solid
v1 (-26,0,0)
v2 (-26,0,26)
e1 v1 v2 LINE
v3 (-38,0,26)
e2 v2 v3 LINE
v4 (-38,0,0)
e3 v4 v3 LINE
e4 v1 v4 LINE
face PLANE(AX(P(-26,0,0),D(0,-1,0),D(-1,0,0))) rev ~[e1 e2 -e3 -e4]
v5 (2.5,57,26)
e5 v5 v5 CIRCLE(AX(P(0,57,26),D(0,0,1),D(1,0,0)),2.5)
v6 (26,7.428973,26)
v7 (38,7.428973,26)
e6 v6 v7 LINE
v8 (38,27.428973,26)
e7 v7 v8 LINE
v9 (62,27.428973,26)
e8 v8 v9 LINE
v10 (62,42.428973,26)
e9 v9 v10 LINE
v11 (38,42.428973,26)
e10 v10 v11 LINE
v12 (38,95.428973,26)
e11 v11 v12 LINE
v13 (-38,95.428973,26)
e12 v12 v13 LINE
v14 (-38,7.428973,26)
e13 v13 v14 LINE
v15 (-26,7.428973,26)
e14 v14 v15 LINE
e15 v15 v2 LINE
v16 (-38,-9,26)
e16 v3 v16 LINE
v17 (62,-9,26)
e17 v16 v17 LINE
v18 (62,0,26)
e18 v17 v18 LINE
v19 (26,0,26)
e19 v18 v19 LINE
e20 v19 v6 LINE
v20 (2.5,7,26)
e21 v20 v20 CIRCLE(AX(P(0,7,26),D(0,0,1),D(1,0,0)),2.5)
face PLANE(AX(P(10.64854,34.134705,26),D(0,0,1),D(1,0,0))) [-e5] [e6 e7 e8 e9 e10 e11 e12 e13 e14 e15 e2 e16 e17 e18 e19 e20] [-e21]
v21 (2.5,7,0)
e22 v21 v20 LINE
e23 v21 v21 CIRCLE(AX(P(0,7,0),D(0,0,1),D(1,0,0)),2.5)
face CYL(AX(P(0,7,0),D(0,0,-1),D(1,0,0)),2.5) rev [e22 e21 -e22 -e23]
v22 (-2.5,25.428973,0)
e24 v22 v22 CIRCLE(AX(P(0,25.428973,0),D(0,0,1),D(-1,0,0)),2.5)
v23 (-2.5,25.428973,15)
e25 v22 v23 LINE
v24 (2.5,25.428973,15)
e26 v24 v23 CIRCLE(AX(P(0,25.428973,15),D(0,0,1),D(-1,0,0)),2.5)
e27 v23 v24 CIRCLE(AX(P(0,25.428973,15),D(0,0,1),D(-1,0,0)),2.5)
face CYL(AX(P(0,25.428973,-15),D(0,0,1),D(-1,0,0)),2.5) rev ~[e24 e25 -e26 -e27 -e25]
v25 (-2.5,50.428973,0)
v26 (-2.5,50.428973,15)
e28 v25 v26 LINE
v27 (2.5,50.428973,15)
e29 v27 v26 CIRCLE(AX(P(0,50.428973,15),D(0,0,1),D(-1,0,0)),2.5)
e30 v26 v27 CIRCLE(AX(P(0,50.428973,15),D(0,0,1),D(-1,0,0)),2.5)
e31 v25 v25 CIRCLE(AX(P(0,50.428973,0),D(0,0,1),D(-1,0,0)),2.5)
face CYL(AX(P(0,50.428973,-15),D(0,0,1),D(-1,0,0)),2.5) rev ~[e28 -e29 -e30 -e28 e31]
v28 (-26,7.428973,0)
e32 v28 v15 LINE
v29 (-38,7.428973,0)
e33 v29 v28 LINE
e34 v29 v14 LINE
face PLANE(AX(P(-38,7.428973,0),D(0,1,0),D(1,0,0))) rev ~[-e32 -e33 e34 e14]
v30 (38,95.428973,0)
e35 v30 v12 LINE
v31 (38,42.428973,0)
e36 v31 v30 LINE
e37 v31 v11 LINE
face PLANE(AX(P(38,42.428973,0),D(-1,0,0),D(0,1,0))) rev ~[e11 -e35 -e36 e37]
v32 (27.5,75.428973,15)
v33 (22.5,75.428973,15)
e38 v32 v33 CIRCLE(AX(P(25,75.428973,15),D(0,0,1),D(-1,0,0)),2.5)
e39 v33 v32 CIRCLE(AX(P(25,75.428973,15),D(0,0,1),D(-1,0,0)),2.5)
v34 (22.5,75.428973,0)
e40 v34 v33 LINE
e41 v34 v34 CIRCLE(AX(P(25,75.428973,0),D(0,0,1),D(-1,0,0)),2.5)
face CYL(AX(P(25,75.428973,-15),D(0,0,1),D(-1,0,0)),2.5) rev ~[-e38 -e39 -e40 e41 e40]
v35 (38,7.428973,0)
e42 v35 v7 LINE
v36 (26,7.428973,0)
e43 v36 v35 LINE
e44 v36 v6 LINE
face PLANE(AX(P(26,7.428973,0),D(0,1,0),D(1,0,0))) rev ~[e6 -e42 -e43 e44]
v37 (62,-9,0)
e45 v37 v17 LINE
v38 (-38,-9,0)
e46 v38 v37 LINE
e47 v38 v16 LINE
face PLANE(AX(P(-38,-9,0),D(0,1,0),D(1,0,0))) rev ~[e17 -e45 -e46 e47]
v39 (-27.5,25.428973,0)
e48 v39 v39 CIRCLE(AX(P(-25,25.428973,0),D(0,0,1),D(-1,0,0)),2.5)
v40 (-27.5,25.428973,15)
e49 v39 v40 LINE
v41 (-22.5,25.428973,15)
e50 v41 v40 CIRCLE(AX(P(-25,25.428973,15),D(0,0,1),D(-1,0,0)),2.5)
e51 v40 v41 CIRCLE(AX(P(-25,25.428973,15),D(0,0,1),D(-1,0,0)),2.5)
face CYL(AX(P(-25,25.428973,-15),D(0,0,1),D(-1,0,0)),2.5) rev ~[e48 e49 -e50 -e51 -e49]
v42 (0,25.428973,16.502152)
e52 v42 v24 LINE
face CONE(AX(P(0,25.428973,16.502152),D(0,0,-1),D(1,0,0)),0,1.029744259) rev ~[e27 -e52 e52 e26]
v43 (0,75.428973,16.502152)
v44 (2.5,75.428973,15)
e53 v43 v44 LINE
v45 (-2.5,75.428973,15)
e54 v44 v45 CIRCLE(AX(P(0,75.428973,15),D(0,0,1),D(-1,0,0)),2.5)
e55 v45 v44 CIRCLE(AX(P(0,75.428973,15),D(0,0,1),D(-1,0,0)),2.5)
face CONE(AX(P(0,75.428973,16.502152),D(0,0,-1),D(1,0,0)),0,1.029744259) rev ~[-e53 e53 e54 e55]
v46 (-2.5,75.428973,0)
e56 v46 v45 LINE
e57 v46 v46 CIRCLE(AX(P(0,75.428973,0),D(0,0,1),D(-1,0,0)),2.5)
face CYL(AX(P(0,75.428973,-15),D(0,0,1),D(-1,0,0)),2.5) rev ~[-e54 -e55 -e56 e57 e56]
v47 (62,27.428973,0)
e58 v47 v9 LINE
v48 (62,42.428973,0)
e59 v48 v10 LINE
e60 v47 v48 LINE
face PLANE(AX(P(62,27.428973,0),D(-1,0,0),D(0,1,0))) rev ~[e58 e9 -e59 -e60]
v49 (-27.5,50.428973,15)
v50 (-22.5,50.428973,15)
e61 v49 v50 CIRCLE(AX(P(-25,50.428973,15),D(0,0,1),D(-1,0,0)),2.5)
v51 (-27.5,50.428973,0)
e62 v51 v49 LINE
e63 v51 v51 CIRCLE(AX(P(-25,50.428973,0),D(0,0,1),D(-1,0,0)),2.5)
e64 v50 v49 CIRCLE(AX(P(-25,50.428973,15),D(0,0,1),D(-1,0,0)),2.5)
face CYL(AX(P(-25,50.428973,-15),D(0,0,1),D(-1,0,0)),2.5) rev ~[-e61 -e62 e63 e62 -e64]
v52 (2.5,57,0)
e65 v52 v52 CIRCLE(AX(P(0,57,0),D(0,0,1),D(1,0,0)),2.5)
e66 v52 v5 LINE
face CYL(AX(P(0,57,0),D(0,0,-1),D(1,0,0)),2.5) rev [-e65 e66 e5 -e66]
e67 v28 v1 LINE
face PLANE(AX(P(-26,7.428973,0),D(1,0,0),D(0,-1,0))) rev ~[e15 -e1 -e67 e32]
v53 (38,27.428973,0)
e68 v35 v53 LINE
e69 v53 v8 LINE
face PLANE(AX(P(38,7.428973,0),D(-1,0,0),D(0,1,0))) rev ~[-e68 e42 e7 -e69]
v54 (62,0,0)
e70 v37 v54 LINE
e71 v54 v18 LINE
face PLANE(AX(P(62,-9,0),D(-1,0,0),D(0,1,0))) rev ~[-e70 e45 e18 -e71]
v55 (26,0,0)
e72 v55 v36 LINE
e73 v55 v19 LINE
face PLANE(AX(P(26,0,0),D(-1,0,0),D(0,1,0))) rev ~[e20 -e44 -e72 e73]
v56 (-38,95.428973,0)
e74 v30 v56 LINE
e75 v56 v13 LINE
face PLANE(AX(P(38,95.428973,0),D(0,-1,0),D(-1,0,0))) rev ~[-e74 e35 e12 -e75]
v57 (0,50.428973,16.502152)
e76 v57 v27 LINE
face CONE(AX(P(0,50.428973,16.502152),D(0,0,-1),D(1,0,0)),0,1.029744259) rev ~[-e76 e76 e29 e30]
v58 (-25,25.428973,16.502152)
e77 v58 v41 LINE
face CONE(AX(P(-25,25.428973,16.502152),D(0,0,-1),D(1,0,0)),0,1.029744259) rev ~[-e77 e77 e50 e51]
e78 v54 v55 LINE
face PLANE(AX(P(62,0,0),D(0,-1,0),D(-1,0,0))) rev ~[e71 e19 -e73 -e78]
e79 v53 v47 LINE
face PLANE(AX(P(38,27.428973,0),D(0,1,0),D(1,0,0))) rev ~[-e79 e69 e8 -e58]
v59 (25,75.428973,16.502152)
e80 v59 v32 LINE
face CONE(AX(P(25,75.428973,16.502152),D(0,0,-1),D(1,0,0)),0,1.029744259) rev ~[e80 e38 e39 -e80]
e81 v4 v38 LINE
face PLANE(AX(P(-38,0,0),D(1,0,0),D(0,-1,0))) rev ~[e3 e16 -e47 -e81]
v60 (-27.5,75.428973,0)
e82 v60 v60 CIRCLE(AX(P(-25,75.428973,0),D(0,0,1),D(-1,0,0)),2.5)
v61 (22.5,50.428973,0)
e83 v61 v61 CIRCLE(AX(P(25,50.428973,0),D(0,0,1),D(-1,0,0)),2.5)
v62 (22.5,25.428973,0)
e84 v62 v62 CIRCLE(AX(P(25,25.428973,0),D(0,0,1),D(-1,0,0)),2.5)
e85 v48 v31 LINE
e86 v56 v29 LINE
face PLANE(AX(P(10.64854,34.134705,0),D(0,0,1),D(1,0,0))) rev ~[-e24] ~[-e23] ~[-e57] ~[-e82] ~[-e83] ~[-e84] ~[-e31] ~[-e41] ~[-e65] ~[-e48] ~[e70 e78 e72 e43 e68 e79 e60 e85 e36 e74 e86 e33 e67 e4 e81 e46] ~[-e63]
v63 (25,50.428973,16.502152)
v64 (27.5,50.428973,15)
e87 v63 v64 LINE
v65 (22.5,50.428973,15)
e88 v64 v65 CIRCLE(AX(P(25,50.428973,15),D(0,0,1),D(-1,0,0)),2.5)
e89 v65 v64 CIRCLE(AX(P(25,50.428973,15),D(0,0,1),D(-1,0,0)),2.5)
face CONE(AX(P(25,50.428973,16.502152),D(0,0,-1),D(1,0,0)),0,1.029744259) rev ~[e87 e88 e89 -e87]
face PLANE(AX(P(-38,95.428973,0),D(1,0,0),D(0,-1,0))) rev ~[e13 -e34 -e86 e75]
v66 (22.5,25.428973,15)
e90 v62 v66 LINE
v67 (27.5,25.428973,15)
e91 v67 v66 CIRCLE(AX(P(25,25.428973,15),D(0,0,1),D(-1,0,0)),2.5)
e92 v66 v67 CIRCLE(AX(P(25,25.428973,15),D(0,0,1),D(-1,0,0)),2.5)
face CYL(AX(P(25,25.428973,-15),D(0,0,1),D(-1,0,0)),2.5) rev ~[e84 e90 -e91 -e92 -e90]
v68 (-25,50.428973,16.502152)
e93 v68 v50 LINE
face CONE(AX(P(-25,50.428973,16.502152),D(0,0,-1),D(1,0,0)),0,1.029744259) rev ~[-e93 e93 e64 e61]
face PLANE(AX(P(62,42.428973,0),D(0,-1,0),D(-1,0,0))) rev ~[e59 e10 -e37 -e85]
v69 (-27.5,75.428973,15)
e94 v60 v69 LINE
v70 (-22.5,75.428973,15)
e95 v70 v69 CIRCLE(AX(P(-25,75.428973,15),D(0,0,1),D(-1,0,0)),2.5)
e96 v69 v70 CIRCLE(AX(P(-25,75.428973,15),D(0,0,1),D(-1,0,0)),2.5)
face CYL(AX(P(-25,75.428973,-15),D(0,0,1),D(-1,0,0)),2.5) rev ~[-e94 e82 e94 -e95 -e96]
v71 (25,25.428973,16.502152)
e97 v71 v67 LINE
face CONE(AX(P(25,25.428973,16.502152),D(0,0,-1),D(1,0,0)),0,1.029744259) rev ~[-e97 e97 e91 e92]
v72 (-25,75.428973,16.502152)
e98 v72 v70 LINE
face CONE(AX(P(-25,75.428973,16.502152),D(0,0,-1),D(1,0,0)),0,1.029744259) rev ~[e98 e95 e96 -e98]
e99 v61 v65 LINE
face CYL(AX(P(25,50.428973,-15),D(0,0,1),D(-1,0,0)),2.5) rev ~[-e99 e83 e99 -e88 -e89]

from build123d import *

# Parameters (mm, degrees)
F0_R     = 2.5
F1_DEPTH = 26
F3_D     = 5
F3_DEPTH = 15
F3_TIP   = 1.5021515476


with BuildPart() as f1:
    # F0 (on Top) → F1 (new body)
    with BuildSketch(Plane.XY):
        Polygon((-38.0000000003, -9.0000000003), (62, -9.0000000003), (62, 0), (26, 0), (26, 7.4289727622), (38, 7.4289727622), (38, 27.4289727622), (62, 27.4289727622), (62, 42.428972762), (38.0000000005, 42.428972762), (38.0000000005, 95.428972762), (-37.9999999997, 95.428972762), (-37.9999999997, 7.4289727622), (-26, 7.4289727622), (-26, 0), (-38.0000000003, 0), align=None)
        with Locations((0, 7)):
            Circle(F0_R, mode=Mode.SUBTRACT)
        with Locations((0, 57)):
            Circle(F0_R, mode=Mode.SUBTRACT)
    extrude(amount=F1_DEPTH)

    # F3
    with Locations(Plane(origin=(0, 0, 0), x_dir=(1, 0, 0), z_dir=(0, 0, -1))):
        with Locations((-24.9999999997, -25.428972762), (3e-10, -75.428972762), (-24.9999999997, -75.428972762), (-24.9999999997, -50.428972762), (25.0000000003, -50.428972762), (3e-10, -50.428972762), (25.0000000003, -75.428972762), (3e-10, -25.428972762), (25.0000000003, -25.428972762)):
            Hole(F3_D / 2, depth=F3_DEPTH)
            with Locations((0, 0, -(F3_DEPTH + F3_TIP / 2))):  # 118° drill point
                Cone(0, F3_D / 2, F3_TIP, mode=Mode.SUBTRACT)


solid = f1.part
